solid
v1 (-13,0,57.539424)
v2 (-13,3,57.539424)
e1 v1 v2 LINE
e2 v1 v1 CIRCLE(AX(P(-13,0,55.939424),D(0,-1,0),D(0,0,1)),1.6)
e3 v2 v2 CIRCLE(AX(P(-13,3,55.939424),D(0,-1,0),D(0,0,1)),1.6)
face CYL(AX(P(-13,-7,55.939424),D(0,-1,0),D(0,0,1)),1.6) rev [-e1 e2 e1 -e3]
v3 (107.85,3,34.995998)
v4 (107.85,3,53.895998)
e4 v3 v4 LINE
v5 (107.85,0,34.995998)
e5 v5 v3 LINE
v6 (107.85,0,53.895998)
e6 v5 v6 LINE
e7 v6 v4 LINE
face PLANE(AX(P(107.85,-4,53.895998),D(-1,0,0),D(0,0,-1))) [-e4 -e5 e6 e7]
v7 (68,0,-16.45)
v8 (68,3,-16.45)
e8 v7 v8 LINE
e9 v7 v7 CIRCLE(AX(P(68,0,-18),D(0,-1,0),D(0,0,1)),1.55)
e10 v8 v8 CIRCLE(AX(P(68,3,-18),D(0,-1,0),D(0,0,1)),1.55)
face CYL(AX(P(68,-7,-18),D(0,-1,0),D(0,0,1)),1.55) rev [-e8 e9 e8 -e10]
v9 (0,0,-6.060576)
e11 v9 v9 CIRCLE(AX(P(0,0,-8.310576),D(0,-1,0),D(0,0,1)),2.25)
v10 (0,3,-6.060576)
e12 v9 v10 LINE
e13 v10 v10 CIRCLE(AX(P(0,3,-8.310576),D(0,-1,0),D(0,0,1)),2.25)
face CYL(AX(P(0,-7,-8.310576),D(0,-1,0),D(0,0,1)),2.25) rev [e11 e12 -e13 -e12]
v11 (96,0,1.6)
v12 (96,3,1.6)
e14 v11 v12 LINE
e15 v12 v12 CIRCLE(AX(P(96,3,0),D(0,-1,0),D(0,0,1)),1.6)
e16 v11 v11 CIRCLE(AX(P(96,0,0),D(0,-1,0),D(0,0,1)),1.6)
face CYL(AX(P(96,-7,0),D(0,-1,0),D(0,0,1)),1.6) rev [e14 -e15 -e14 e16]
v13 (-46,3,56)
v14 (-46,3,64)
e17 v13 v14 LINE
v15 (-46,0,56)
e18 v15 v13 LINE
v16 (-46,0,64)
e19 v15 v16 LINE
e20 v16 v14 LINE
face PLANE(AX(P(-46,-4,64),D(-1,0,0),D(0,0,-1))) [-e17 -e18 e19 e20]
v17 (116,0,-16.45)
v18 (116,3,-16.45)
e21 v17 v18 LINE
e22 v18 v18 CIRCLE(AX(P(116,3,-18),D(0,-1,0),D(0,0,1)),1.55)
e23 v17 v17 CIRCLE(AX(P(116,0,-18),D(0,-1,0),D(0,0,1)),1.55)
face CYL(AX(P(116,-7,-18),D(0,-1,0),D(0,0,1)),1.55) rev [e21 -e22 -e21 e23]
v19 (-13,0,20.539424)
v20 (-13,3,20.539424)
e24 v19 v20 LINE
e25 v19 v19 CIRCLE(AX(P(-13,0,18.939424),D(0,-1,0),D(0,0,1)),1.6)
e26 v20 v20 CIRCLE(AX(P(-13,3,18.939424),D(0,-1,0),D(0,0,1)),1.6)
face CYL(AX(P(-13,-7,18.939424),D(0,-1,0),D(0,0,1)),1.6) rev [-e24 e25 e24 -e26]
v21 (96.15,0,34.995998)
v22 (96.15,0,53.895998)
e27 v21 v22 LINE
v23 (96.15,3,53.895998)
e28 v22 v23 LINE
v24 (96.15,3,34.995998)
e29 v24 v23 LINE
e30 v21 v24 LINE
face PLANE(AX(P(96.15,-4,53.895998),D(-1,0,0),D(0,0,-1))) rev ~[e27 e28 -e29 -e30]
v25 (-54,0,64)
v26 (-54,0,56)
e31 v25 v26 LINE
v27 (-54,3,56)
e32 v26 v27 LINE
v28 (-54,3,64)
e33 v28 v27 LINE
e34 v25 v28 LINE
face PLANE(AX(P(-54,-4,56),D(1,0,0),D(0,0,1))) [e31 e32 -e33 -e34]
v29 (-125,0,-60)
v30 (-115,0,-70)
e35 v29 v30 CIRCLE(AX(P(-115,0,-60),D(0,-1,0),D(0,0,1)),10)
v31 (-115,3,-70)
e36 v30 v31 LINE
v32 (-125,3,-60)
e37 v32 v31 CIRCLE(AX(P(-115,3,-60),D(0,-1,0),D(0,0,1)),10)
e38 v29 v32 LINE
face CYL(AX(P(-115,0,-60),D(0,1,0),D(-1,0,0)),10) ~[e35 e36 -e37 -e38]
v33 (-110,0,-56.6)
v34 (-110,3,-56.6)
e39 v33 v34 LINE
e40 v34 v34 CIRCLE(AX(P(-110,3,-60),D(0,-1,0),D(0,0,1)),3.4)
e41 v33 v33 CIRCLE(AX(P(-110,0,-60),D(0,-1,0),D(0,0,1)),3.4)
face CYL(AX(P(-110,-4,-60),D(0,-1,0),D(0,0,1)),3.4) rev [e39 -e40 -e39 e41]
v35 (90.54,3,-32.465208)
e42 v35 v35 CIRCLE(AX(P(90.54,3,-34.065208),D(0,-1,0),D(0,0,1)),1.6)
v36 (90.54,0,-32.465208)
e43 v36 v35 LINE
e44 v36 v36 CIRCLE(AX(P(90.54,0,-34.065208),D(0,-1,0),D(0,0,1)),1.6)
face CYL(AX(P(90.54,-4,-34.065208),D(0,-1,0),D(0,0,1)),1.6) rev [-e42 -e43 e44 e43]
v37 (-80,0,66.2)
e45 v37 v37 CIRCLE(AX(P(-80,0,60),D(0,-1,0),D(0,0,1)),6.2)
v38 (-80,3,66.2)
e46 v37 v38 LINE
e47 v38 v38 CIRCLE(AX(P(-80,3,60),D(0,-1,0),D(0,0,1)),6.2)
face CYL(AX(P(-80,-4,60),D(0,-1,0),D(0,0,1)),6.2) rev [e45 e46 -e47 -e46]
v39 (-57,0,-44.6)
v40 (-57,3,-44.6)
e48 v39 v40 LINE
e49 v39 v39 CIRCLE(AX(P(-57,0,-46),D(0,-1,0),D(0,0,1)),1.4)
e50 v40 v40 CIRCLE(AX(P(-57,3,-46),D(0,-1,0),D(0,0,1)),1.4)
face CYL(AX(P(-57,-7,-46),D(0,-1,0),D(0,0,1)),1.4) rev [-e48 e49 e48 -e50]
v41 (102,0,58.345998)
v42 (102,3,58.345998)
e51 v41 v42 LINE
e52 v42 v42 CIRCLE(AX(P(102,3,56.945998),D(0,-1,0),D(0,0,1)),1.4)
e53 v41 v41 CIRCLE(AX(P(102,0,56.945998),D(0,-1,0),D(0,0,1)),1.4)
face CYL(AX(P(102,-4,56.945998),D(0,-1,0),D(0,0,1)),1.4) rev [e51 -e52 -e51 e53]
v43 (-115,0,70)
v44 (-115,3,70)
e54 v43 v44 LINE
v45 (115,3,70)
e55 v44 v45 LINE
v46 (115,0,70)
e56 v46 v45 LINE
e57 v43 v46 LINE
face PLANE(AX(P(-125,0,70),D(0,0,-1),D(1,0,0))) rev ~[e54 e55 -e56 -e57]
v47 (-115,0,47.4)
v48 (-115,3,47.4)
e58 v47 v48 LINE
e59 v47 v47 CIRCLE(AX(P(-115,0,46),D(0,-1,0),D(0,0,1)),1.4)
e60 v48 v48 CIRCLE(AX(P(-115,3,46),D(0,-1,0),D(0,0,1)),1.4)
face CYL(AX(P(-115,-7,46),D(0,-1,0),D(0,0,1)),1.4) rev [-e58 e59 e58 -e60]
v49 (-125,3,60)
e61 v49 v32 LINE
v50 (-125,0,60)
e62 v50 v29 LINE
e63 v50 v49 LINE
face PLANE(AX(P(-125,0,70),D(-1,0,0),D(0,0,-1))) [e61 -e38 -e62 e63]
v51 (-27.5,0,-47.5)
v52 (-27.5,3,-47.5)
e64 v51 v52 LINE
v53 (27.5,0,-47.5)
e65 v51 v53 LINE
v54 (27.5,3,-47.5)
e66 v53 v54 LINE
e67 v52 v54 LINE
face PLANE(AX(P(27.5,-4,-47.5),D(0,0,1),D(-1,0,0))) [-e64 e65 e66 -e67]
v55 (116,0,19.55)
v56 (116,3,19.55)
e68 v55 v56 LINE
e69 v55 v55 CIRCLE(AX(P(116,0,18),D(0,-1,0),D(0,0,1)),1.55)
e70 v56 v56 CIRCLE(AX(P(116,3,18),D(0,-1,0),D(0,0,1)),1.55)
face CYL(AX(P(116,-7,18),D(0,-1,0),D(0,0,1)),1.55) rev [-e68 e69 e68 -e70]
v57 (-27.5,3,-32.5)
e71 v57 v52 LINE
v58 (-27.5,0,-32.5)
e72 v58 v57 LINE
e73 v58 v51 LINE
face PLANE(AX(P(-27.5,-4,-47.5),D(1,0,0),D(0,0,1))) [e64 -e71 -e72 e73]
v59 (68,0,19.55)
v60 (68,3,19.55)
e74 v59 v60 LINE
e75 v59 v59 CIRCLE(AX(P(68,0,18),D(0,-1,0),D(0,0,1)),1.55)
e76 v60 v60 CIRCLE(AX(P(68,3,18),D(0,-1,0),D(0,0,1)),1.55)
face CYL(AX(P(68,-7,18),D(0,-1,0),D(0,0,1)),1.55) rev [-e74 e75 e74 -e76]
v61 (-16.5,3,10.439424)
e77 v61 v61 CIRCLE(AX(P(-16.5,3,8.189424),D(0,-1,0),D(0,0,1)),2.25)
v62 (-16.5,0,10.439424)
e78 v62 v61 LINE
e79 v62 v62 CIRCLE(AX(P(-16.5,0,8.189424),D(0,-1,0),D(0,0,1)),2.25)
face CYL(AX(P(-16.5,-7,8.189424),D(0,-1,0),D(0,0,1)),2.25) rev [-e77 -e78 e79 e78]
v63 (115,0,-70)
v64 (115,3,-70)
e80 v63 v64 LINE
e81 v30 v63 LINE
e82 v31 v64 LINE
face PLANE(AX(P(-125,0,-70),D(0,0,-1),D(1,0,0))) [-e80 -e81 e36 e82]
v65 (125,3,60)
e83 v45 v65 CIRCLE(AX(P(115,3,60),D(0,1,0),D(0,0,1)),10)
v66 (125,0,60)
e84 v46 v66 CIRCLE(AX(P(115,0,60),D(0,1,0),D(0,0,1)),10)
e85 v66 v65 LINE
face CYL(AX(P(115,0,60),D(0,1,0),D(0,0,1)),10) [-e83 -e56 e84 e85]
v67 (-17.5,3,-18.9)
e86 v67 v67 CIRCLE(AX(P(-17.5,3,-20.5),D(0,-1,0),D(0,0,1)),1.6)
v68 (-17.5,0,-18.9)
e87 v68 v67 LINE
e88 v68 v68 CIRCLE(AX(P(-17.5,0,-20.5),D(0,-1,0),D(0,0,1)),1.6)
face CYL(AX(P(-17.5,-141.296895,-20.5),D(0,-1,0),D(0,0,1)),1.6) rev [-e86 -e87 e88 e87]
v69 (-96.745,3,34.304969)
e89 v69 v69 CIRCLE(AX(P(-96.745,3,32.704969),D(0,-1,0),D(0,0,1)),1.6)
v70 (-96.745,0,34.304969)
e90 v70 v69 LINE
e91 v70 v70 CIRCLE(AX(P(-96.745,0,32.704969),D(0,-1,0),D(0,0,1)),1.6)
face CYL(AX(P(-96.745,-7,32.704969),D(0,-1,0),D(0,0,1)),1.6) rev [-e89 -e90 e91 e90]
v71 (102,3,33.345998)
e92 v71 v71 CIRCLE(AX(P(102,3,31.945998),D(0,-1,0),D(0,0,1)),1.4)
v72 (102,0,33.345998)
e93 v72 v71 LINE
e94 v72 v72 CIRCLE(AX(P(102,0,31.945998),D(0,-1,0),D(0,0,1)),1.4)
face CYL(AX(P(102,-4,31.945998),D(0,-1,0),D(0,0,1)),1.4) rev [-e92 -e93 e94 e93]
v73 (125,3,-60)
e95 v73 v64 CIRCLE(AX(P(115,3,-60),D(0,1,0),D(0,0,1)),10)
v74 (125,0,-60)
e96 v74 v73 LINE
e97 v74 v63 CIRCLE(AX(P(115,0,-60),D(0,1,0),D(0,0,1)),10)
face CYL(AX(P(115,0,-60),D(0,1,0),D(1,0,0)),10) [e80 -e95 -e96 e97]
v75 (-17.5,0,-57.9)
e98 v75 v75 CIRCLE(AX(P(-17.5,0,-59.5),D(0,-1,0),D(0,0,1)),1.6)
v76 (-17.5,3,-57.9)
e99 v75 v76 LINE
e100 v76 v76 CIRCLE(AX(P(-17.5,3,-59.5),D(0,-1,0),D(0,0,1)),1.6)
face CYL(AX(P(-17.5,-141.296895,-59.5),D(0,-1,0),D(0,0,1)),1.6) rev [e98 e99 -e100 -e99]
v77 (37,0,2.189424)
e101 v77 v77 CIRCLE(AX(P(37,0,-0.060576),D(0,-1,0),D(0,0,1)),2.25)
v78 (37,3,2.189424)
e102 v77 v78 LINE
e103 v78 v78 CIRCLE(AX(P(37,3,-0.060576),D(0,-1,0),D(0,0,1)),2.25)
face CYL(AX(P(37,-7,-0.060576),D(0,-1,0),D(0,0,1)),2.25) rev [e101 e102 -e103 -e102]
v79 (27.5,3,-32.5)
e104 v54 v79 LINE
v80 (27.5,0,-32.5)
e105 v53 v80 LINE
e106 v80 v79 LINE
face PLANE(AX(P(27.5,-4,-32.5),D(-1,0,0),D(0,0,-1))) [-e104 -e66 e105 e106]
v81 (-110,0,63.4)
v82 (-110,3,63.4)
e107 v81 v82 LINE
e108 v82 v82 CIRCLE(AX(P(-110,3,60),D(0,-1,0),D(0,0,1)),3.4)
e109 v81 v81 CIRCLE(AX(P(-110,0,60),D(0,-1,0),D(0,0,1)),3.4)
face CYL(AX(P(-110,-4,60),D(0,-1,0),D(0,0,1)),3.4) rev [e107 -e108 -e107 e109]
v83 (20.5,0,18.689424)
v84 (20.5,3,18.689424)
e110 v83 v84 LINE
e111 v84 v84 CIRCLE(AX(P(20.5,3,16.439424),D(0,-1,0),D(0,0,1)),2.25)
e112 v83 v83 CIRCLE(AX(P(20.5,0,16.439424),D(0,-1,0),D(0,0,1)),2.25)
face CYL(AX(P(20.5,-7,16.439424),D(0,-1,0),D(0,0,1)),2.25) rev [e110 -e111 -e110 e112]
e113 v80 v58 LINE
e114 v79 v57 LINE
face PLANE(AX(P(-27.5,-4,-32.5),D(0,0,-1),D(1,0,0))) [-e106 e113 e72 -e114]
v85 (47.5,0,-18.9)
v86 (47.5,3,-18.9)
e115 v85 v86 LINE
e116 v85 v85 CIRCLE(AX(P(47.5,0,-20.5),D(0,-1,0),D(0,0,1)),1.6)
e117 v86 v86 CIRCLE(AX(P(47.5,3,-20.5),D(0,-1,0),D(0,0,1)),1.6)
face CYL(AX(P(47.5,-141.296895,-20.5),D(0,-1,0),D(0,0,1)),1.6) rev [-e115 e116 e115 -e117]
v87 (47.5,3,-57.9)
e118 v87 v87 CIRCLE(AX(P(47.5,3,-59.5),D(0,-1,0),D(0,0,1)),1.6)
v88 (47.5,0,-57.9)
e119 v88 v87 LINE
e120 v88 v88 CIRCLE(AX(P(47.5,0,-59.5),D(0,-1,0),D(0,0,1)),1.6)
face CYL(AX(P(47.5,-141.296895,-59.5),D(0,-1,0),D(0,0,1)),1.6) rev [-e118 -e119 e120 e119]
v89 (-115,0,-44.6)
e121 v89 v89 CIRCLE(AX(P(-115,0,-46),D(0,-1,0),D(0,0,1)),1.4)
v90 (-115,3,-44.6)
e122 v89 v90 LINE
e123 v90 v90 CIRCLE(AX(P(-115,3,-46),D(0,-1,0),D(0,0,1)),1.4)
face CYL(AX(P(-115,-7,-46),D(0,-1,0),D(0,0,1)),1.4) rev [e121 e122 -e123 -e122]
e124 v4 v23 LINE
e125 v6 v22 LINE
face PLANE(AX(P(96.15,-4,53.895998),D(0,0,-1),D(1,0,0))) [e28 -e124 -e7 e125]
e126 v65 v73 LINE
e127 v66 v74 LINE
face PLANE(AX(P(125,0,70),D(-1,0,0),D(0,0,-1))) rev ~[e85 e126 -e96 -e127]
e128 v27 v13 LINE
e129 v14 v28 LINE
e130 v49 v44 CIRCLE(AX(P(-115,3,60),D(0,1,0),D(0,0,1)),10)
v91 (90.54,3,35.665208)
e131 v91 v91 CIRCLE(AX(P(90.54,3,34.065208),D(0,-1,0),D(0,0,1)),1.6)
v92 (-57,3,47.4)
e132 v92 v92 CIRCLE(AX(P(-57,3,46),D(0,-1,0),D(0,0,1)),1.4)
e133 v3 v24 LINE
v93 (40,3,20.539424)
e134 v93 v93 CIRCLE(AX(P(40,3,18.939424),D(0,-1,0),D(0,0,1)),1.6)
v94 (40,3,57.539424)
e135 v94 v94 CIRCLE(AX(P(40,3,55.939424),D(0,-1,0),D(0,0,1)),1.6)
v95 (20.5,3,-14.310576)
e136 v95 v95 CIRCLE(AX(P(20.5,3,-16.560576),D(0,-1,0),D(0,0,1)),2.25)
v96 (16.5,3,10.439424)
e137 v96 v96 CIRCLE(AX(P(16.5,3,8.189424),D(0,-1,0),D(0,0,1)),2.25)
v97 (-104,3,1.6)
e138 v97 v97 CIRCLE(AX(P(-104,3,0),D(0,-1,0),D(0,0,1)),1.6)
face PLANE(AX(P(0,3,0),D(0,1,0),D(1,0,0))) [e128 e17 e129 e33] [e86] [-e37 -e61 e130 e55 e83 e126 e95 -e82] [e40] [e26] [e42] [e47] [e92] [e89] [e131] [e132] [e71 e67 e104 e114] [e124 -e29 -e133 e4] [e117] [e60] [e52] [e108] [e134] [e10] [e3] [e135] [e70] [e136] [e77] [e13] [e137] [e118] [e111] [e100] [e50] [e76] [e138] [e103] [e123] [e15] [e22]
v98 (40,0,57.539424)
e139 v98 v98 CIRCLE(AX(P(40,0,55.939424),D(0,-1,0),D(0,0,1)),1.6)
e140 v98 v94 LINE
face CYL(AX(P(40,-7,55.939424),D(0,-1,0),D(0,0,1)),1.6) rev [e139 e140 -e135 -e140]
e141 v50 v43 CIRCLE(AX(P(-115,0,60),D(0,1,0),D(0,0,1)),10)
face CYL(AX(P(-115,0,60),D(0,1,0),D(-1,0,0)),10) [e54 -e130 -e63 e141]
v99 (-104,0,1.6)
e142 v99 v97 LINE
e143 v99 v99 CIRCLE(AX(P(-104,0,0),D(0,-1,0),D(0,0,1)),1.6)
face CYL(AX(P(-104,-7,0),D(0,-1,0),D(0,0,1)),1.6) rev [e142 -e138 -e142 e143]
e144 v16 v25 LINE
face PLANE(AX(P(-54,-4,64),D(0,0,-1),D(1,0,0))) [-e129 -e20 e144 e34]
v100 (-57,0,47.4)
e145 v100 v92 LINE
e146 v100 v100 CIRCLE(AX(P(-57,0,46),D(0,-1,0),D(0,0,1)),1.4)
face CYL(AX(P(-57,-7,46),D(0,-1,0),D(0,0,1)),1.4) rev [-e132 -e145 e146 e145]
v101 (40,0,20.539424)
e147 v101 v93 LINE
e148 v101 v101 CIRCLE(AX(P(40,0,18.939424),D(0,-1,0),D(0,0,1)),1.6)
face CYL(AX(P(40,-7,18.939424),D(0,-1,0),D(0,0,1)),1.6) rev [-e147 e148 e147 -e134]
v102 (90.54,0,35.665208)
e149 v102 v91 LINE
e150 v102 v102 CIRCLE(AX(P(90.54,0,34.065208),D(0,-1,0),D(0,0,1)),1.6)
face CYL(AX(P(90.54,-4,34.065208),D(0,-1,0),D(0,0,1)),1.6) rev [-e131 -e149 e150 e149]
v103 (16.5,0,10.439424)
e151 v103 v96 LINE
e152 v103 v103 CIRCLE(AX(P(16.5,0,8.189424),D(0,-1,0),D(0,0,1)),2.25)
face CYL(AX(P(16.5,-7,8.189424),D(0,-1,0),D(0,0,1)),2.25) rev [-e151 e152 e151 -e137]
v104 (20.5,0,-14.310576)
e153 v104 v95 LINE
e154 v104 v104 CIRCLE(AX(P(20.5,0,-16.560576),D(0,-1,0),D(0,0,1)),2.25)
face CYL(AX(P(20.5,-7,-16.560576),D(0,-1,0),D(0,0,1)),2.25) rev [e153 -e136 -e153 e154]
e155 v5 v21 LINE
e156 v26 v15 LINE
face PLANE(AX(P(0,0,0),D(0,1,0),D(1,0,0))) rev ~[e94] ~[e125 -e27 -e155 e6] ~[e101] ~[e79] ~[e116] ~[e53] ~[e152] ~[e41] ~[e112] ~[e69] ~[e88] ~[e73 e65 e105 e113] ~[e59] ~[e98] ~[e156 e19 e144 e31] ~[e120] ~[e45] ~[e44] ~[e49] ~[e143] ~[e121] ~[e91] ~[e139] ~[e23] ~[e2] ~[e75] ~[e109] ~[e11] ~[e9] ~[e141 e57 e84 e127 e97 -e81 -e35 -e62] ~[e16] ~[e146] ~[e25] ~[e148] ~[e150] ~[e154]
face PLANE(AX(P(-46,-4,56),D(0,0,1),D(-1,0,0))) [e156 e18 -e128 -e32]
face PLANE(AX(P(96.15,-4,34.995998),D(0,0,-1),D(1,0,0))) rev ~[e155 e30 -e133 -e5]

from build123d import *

# Parameters (mm, degrees)
SKETCH1_W               = 250
SKETCH1_H               = 140
BOSS_EXTRUDE1_DEPTH     = 3
FILLET2_R               = 10
CUT_EXTRUDE5_DEPTH      = 7
CUT_EXTRUDE5_DEPTH_BACK = 7
SKETCH2_R               = 1.55
SKETCH2_R_2             = 1.6
SKETCH2_R_3             = 2.25
SKETCH2_R_4             = 1.4
CUT_EXTRUDE6_DEPTH      = 7
CUT_EXTRUDE6_DEPTH_BACK = 7
SKETCH3_R               = 1.6
CUT_EXTRUDE7_DEPTH      = 7
CUT_EXTRUDE7_DEPTH_BACK = 7
SKETCH4_R               = 1.6
CUT_EXTRUDE8_DEPTH      = 7
CUT_EXTRUDE8_DEPTH_BACK = 7
SKETCH5_R               = 1.4
SKETCH5_W               = 11.7
SKETCH5_H               = 18.9
SKETCH5_R_2             = 3.4
SKETCH5_R_3             = 6.2
CUT_EXTRUDE9_DEPTH      = 144.296894593
CUT_EXTRUDE9_DEPTH_BACK = 144.296894593
SKETCH6_R               = 1.6


with BuildPart() as part:
    # Sketch1 → Boss-Extrude1 (new body)
    with BuildSketch(Plane(origin=(0, 0, 0), x_dir=(1, 0, 0), z_dir=(0, 1, 0))):
        Rectangle(SKETCH1_W, SKETCH1_H)
    extrude(amount=BOSS_EXTRUDE1_DEPTH)

    # Fillet2
    fillet2_edges = [part.edges().sort_by_distance(p)[0] for p in [
        (-125, 1.5, 70),
        (125, 1.5, 70),
        (-125, 1.5, -70),
        (125, 1.5, -70),
    ]]
    fillet(fillet2_edges, radius=FILLET2_R)

    # Sketch2 → Cut-Extrude5 (cut, two sides: drawn at the far end of the back side and taken through both)
    with BuildSketch(Plane(origin=(0, 0, 0), x_dir=(1, 0, 0), z_dir=(0, 1, 0)).offset(-CUT_EXTRUDE5_DEPTH_BACK)):
        with Locations((116, 18)):
            Circle(SKETCH2_R)
        with Locations((68, 18)):
            Circle(SKETCH2_R)
        with Locations((68, -18)):
            Circle(SKETCH2_R)
        with Locations((116, -18)):
            Circle(SKETCH2_R)
        with Locations((-13, -18.939424071)):
            Circle(SKETCH2_R_2)
        with Locations((-13, -55.939424071)):
            Circle(SKETCH2_R_2)
        with Locations((40, -18.939424071)):
            Circle(SKETCH2_R_2)
        with Locations((40, -55.939424071)):
            Circle(SKETCH2_R_2)
        with Locations((37, 0.060575929)):
            Circle(SKETCH2_R_3)
        with Locations((20.5, 16.560575929)):
            Circle(SKETCH2_R_3)
        with Locations((20.5, -16.439424071)):
            Circle(SKETCH2_R_3)
        with Locations((96, 0)):
            Circle(SKETCH2_R_2)
        with Locations((-104, 0)):
            Circle(SKETCH2_R_2)
        with Locations((-115, 46)):
            Circle(SKETCH2_R_4)
        with Locations((-57, 46)):
            Circle(SKETCH2_R_4)
        with Locations((-57, -46)):
            Circle(SKETCH2_R_4)
        with Locations((-115, -46)):
            Circle(SKETCH2_R_4)
        with Locations((-16.5, -8.189424071)):
            Circle(SKETCH2_R_3)
        with Locations((16.5, -8.189424071)):
            Circle(SKETCH2_R_3)
        with Locations((0, 8.310575929)):
            Circle(SKETCH2_R_3)
    extrude(amount=CUT_EXTRUDE5_DEPTH + CUT_EXTRUDE5_DEPTH_BACK, mode=Mode.SUBTRACT)

    # Sketch3 → Cut-Extrude6 (cut, two sides: drawn at the far end of the back side and taken through both)
    with BuildSketch(Plane(origin=(0, 0, 0), x_dir=(1, 0, 0), z_dir=(0, 1, 0)).offset(-CUT_EXTRUDE6_DEPTH_BACK)):
        with Locations((-96.745, -32.704968659)):
            Circle(SKETCH3_R)
    extrude(amount=CUT_EXTRUDE6_DEPTH + CUT_EXTRUDE6_DEPTH_BACK, mode=Mode.SUBTRACT)

    # Sketch4 → Cut-Extrude7 (cut, two sides: drawn at the far end of the back side and taken through both)
    with BuildSketch(Plane(origin=(0, 3, 0), x_dir=(1, 0, 0), z_dir=(0, 1, 0)).offset(-CUT_EXTRUDE7_DEPTH_BACK)):
        with Locations((90.54, -34.065208057)):
            Circle(SKETCH4_R)
        with Locations((90.54, 34.065208057)):
            Circle(SKETCH4_R)
    extrude(amount=CUT_EXTRUDE7_DEPTH + CUT_EXTRUDE7_DEPTH_BACK, mode=Mode.SUBTRACT)

    # Sketch5 → Cut-Extrude8 (cut, two sides: drawn at the far end of the back side and taken through both)
    with BuildSketch(Plane(origin=(0, 3, 0), x_dir=(1, 0, 0), z_dir=(0, 1, 0)).offset(-CUT_EXTRUDE8_DEPTH_BACK)):
        with Locations((102, -31.945997938)):
            Circle(SKETCH5_R)
        with Locations((102, -44.445997938)):
            Rectangle(SKETCH5_W, SKETCH5_H)
        with Locations((102, -56.945997938)):
            Circle(SKETCH5_R)
        with Locations((-110, -60)):
            Circle(SKETCH5_R_2)
        Polygon((-54, -56), (-54, -60), (-54, -64), (-46, -64), (-46, -56), align=None)
        with Locations((-80, -60)):
            Circle(SKETCH5_R_3)
        with Locations((-110, 60)):
            Circle(SKETCH5_R_2)
        Polygon((0, 47.5), (-27.5, 47.5), (-27.5, 32.5), (27.5, 32.5), (27.5, 47.5), align=None)
    extrude(amount=CUT_EXTRUDE8_DEPTH + CUT_EXTRUDE8_DEPTH_BACK, mode=Mode.SUBTRACT)

    # Sketch6 → Cut-Extrude9 (cut, two sides: drawn at the far end of the back side and taken through both)
    with BuildSketch(Plane(origin=(0, 3, 0), x_dir=(1, 0, 0), z_dir=(0, 1, 0)).offset(-CUT_EXTRUDE9_DEPTH_BACK)):
        with Locations((-17.5, 59.5)):
            Circle(SKETCH6_R)
        with Locations((47.5, 59.5)):
            Circle(SKETCH6_R)
        with Locations((-17.5, 20.5)):
            Circle(SKETCH6_R)
        with Locations((47.5, 20.5)):
            Circle(SKETCH6_R)
    extrude(amount=CUT_EXTRUDE9_DEPTH + CUT_EXTRUDE9_DEPTH_BACK, mode=Mode.SUBTRACT)


solid = part.part
